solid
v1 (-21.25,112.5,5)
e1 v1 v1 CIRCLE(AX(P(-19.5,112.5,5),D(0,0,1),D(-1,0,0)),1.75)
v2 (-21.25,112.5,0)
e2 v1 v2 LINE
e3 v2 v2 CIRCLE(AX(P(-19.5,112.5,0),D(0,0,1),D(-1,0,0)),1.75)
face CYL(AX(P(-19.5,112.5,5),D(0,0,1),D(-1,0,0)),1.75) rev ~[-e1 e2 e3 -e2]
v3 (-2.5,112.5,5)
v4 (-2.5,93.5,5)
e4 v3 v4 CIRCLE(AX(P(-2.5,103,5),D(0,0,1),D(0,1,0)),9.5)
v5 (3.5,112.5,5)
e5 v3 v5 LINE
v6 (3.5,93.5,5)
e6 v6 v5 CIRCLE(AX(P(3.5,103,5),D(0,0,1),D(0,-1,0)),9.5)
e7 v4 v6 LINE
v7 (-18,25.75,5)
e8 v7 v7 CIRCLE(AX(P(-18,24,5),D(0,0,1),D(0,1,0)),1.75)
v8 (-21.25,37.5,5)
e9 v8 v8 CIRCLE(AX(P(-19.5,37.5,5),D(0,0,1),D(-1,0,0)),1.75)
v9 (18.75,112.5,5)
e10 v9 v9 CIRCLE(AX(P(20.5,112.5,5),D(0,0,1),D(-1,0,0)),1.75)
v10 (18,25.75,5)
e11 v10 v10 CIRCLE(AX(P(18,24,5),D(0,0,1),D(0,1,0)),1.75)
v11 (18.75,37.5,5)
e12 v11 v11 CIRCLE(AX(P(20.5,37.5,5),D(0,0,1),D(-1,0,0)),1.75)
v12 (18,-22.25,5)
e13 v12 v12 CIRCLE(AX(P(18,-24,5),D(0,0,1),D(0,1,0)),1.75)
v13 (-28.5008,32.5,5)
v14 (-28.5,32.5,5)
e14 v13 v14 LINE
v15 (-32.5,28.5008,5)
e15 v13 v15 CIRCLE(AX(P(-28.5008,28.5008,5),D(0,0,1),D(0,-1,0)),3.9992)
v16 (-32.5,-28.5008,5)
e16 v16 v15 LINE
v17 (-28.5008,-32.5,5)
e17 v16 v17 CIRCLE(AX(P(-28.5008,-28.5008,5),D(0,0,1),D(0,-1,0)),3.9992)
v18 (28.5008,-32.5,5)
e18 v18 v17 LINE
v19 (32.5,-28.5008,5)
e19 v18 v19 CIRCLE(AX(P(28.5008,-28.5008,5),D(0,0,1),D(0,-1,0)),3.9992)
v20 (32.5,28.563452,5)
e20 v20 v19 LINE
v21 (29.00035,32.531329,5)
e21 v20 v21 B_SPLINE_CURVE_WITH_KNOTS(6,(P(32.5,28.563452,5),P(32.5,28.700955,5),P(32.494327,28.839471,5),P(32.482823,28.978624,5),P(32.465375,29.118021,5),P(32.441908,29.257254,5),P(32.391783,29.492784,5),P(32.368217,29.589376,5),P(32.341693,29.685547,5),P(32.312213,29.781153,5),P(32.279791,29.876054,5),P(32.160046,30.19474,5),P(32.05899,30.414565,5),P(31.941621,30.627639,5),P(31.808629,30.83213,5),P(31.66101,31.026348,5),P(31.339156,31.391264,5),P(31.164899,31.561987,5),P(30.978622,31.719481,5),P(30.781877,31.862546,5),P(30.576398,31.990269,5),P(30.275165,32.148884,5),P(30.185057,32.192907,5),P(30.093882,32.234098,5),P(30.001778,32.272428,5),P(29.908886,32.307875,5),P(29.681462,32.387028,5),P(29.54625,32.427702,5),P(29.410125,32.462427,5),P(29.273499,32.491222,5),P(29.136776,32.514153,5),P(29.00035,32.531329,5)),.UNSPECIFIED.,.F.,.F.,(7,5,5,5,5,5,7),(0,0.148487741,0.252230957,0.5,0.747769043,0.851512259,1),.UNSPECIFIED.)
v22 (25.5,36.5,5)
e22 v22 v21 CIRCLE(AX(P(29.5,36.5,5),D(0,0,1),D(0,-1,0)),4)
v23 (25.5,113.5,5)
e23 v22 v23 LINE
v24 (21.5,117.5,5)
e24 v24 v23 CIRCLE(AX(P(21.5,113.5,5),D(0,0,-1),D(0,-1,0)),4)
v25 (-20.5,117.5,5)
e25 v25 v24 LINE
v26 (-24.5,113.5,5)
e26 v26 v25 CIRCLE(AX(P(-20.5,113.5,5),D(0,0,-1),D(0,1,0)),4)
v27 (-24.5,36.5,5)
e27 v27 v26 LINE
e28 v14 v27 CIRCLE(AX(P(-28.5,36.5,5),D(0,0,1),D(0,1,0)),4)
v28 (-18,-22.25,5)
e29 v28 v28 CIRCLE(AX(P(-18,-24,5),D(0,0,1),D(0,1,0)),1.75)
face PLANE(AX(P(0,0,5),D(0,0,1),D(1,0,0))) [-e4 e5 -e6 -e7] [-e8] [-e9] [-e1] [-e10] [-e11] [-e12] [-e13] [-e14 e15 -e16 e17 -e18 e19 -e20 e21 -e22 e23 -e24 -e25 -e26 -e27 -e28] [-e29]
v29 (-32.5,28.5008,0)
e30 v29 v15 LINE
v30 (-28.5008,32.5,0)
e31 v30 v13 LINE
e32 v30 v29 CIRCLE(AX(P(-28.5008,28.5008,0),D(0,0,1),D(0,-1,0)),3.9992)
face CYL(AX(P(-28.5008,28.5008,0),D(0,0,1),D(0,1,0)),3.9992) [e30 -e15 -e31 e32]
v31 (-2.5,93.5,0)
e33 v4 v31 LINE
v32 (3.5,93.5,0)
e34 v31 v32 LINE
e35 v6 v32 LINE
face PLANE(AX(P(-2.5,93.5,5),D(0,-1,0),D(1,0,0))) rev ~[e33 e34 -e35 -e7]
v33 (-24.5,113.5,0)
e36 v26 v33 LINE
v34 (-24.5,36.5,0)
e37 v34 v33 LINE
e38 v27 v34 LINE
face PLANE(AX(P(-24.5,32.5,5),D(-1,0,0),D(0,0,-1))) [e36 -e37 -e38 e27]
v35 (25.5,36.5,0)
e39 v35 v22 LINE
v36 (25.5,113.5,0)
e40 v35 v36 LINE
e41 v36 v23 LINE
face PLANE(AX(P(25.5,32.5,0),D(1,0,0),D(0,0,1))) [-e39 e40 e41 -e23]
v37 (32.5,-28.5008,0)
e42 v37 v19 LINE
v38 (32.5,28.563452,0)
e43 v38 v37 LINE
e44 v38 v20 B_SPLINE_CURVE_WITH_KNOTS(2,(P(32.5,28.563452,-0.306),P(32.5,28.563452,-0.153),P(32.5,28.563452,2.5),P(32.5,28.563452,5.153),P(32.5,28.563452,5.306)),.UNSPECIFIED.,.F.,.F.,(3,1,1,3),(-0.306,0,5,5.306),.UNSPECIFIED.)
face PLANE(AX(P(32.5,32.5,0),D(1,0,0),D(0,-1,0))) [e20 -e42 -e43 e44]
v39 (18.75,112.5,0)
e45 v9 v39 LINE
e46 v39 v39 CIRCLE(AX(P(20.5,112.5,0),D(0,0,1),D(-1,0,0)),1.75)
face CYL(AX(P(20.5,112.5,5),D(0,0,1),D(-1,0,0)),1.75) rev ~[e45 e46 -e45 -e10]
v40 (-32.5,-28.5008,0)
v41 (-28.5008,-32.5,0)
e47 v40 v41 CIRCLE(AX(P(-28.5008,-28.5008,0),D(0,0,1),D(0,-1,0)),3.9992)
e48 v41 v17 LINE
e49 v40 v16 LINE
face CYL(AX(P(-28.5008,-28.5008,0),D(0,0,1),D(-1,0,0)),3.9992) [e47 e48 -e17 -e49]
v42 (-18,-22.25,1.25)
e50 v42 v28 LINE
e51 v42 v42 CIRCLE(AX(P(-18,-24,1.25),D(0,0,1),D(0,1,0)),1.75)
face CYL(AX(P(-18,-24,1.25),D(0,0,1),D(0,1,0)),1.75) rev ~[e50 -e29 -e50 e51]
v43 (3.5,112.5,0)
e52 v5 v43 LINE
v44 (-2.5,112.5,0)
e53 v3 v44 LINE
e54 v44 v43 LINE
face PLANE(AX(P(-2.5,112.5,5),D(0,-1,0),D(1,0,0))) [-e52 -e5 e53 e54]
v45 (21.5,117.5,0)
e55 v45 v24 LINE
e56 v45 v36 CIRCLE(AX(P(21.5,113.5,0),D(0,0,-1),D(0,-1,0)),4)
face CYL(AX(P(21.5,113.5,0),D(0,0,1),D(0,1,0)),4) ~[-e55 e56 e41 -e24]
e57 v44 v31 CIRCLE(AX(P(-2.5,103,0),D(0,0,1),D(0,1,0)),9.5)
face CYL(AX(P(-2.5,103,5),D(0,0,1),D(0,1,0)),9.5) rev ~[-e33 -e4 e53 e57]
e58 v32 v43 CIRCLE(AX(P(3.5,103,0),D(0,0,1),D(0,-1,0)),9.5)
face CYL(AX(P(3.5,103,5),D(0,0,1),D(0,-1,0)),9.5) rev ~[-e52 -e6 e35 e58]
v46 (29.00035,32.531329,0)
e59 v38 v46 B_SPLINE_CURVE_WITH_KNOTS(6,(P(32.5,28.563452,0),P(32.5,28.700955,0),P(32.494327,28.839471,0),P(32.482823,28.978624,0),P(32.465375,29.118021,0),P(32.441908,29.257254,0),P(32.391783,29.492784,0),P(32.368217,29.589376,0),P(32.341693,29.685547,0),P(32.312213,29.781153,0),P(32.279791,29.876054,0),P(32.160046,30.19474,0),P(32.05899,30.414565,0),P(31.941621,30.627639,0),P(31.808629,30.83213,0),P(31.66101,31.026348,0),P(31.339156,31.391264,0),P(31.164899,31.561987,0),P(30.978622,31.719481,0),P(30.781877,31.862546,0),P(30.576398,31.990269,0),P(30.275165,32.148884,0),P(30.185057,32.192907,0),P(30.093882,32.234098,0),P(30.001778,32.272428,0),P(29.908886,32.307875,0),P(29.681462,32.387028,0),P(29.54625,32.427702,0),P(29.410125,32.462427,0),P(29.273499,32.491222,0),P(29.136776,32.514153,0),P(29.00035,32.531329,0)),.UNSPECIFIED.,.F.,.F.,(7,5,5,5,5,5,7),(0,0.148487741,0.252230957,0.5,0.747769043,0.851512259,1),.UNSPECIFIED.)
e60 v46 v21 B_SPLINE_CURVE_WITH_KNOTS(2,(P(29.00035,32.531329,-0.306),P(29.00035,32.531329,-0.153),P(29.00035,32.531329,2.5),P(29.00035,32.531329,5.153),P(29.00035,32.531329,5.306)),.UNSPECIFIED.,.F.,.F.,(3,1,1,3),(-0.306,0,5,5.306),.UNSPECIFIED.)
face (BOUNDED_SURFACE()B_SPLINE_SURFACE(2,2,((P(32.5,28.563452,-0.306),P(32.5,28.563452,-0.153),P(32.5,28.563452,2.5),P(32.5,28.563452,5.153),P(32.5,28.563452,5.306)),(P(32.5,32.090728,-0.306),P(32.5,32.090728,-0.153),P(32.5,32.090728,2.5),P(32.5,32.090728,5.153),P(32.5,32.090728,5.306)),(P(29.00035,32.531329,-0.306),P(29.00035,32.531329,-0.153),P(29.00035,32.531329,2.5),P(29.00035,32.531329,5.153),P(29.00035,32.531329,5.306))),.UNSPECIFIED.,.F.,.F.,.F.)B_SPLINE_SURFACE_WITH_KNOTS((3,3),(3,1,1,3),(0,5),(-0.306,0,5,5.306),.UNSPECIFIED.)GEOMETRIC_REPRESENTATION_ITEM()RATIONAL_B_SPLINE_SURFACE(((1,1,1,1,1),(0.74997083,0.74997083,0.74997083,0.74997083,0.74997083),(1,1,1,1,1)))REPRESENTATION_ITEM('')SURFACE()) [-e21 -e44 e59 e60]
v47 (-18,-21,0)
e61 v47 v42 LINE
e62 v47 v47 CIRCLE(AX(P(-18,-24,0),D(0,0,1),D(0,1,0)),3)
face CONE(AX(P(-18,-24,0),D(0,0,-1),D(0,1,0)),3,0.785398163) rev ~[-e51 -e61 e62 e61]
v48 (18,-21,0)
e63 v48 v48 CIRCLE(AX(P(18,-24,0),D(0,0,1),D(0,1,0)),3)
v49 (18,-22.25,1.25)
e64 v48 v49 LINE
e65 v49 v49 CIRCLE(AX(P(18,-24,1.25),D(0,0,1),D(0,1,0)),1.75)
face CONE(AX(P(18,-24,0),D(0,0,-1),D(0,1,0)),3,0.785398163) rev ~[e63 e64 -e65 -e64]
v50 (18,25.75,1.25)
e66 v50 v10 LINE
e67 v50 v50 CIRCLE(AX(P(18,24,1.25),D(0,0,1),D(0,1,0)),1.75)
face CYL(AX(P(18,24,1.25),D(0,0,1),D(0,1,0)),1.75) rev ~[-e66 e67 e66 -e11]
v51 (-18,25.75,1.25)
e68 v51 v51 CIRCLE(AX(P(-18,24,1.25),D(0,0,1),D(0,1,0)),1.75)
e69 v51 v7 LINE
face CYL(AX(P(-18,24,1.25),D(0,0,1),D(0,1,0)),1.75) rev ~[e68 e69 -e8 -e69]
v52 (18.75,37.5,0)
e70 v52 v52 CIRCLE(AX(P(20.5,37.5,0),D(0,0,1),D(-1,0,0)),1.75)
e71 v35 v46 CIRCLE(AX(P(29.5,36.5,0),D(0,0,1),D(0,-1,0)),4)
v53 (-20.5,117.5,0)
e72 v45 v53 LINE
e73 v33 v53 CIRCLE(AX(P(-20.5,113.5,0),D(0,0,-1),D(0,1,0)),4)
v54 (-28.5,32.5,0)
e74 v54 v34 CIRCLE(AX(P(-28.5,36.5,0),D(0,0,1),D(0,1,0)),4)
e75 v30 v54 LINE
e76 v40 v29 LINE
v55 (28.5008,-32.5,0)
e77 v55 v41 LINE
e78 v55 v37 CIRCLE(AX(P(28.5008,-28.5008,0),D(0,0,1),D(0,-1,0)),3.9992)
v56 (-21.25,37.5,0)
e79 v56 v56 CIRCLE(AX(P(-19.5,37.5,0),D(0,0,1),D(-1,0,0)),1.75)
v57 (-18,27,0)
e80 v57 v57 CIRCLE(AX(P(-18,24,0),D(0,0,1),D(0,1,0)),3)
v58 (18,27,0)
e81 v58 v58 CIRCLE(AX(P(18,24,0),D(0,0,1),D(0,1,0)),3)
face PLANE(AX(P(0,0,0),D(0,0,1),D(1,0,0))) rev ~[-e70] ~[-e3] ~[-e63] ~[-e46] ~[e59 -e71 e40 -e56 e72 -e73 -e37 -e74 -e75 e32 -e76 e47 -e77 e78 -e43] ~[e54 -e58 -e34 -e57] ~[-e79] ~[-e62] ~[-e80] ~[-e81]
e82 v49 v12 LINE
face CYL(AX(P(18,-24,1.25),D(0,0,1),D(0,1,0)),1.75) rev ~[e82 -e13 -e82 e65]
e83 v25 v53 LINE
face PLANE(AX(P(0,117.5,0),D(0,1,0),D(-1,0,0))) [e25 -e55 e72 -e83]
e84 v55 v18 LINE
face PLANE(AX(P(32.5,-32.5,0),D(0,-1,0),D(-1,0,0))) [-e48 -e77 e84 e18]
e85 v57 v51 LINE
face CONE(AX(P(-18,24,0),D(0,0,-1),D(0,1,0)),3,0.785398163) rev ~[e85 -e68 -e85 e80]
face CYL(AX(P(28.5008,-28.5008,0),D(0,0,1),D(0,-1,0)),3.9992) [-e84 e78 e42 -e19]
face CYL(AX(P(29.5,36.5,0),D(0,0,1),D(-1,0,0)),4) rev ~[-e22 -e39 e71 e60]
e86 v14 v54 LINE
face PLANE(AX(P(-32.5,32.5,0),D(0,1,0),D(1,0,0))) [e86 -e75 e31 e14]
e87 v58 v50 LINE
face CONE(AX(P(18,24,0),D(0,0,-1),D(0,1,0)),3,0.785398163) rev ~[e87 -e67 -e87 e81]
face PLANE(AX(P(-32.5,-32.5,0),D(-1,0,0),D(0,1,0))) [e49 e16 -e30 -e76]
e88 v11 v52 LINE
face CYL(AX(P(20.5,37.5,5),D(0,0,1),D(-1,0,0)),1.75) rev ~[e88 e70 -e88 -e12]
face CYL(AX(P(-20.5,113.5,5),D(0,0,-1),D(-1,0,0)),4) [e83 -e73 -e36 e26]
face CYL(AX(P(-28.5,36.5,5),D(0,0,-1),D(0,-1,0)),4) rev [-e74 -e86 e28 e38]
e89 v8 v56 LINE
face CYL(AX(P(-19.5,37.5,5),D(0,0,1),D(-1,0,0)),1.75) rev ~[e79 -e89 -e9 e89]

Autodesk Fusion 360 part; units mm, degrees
sketch "Sketch1" plane through (0, 0, 0) normal (0, 0, 1) x (1, 0, 0)
  line L0 (-32.5, 32.5) -> (32.5, 32.5)
  line L1 (32.5, 32.5) -> (32.5, -32.5)
  line L2 (32.5, -32.5) -> (-32.5, -32.5)
  line L3 (-32.5, -32.5) -> (-32.5, 32.5)
  point P0 (-18, 24)
  point P1 (18, 24)
  point P2 (18, -24)
  point P3 (-18, -24)
  dimension "d1" = 65
  dimension "d2" = 65
  dimension "d3" = 32.5
  dimension "d4" = 32.5
  dimension "d5" = 14.5
  dimension "d6" = 14.5
  dimension "d7" = 14.5
  dimension "d8" = 14.5
  dimension "d9" = 8.5
  dimension "d10" = 8.5
  dimension "d11" = 8.5
  dimension "d12" = 8.5
extrude "Extrude1" add sketch "Sketch1" along normal blind 5
hole "Hole1" at (-18, -24, 0) at (18, -24, 0) at (18, 24, 0) at (-18, 24, 0) direction (0, 0, 1) diameter 3.5 depth 5 tip angle 180 countersink diameter 6 countersink angle 90
sketch "Sketch2" plane through (0, 32.5, 0) normal (0, 1, 0) x (-1, 0, 0)
  line L0 (-32.5, 0) -> (32.5, 0)
  line L1 (32.5, 0) -> (32.5, 5)
  line L2 (32.5, 5) -> (-32.5, 5)
  line L3 (-32.5, 5) -> (-32.5, 0)
  line L4 (-25.5, 5) -> (24.5, 5)
  line L5 (24.5, 5) -> (24.5, 0)
  line L6 (24.5, 0) -> (-25.5, 0)
  line L7 (-25.5, 0) -> (-25.5, 5)
  dimension "d20" = 50
  dimension "d21" = 7
extrude "Extrude2" add sketch "Sketch2" along normal blind 85 contours L0 L2 L4 L5 L6 L7
sketch "Sketch3" plane through (0, 0, 5) normal (0, 0, 1) x (-1, 0, 0)
  circle A0 centre (-18, -24) radius 1.75
  circle A1 centre (18, 24) radius 1.75
  circle A2 centre (-18, 24) radius 1.75
  circle A3 centre (18, -24) radius 1.75
  line L0 (32.5, 32.5) -> (-32.5, 32.5)
  line L1 (-32.5, 32.5) -> (-32.5, -32.5)
  line L2 (-32.5, -32.5) -> (-25.5, -32.5)
  line L3 (-25.5, -32.5) -> (-25.5, -117.5)
  line L4 (-25.5, -117.5) -> (24.5, -117.5)
  line L5 (24.5, -117.5) -> (24.5, -32.5)
  line L6 (24.5, -32.5) -> (32.5, -32.5)
  line L7 (32.5, -32.5) -> (32.5, 32.5)
  line L8 (24.5, -32.5) -> (-25.5, -32.5) construction
  line L9 (2.5, -112.5) -> (-3.5, -112.5)
  line L10 (2.5, -93.5) -> (-3.5, -93.5)
  arc A4 (-3.5, -93.5) -> (-3.5, -112.5) centre (-3.5, -103) ccw
  arc A5 (2.5, -112.5) -> (2.5, -93.5) centre (2.5, -103) ccw
  circle A6 centre (19.5, -37.5) radius 1.75
  circle A7 centre (-20.5, -37.5) radius 1.75
  circle A8 centre (-20.5, -112.5) radius 1.75
  circle A9 centre (19.5, -112.5) radius 1.75
  point P0 (12, -103)
  point P1 (-13, -103)
  dimension "d27" = 19
  dimension "d29" = 22
  dimension "d30" = 3.5
  dimension "d31" = 3.5
  dimension "d32" = 3.5
  dimension "d33" = 3.5
  dimension "d34" = 5
  dimension "d35" = 5
  dimension "d36" = 5
  dimension "d37" = 5
  dimension "d39" = 5
  dimension "d40" = 5
  dimension "d48" = 22
  dimension "d49" = 5
extrude "Extrude3" cut sketch "Sketch3" against normal blind 5 contours L9 L10 A4 A5 | A6 | A7 | A8 | A9
fillet "Fillet1" radius 4 4 edges at (25.5, 32.5, 2.5) (25.5, 117.5, 2.5) (-24.5, 117.5, 2.5) (-24.5, 32.5, 2.5)
fillet "Fillet2" radius 4 4 edges at (32.5, -32.5, 2.5) (-32.5, -32.5, 2.5) (-32.5, 32.5, 2.5) (32.5, 32.5, 2.5)
equation "d3 = ( 65 / 2 ) * 1 mm"
equation "d4 = ( 65 / 2 ) * 1 mm"
equation "d5 = 13 mm + ( 3 / 2 ) * 1 mm"
equation "d9 = 7 mm + ( ( 3 / 2 ) * 1 mm )"
equation "d21 = ( ( 64 - 50 ) / 2 ) * 1 mm"
equation "d27 = 23.5 mm - 4.5 mm"
